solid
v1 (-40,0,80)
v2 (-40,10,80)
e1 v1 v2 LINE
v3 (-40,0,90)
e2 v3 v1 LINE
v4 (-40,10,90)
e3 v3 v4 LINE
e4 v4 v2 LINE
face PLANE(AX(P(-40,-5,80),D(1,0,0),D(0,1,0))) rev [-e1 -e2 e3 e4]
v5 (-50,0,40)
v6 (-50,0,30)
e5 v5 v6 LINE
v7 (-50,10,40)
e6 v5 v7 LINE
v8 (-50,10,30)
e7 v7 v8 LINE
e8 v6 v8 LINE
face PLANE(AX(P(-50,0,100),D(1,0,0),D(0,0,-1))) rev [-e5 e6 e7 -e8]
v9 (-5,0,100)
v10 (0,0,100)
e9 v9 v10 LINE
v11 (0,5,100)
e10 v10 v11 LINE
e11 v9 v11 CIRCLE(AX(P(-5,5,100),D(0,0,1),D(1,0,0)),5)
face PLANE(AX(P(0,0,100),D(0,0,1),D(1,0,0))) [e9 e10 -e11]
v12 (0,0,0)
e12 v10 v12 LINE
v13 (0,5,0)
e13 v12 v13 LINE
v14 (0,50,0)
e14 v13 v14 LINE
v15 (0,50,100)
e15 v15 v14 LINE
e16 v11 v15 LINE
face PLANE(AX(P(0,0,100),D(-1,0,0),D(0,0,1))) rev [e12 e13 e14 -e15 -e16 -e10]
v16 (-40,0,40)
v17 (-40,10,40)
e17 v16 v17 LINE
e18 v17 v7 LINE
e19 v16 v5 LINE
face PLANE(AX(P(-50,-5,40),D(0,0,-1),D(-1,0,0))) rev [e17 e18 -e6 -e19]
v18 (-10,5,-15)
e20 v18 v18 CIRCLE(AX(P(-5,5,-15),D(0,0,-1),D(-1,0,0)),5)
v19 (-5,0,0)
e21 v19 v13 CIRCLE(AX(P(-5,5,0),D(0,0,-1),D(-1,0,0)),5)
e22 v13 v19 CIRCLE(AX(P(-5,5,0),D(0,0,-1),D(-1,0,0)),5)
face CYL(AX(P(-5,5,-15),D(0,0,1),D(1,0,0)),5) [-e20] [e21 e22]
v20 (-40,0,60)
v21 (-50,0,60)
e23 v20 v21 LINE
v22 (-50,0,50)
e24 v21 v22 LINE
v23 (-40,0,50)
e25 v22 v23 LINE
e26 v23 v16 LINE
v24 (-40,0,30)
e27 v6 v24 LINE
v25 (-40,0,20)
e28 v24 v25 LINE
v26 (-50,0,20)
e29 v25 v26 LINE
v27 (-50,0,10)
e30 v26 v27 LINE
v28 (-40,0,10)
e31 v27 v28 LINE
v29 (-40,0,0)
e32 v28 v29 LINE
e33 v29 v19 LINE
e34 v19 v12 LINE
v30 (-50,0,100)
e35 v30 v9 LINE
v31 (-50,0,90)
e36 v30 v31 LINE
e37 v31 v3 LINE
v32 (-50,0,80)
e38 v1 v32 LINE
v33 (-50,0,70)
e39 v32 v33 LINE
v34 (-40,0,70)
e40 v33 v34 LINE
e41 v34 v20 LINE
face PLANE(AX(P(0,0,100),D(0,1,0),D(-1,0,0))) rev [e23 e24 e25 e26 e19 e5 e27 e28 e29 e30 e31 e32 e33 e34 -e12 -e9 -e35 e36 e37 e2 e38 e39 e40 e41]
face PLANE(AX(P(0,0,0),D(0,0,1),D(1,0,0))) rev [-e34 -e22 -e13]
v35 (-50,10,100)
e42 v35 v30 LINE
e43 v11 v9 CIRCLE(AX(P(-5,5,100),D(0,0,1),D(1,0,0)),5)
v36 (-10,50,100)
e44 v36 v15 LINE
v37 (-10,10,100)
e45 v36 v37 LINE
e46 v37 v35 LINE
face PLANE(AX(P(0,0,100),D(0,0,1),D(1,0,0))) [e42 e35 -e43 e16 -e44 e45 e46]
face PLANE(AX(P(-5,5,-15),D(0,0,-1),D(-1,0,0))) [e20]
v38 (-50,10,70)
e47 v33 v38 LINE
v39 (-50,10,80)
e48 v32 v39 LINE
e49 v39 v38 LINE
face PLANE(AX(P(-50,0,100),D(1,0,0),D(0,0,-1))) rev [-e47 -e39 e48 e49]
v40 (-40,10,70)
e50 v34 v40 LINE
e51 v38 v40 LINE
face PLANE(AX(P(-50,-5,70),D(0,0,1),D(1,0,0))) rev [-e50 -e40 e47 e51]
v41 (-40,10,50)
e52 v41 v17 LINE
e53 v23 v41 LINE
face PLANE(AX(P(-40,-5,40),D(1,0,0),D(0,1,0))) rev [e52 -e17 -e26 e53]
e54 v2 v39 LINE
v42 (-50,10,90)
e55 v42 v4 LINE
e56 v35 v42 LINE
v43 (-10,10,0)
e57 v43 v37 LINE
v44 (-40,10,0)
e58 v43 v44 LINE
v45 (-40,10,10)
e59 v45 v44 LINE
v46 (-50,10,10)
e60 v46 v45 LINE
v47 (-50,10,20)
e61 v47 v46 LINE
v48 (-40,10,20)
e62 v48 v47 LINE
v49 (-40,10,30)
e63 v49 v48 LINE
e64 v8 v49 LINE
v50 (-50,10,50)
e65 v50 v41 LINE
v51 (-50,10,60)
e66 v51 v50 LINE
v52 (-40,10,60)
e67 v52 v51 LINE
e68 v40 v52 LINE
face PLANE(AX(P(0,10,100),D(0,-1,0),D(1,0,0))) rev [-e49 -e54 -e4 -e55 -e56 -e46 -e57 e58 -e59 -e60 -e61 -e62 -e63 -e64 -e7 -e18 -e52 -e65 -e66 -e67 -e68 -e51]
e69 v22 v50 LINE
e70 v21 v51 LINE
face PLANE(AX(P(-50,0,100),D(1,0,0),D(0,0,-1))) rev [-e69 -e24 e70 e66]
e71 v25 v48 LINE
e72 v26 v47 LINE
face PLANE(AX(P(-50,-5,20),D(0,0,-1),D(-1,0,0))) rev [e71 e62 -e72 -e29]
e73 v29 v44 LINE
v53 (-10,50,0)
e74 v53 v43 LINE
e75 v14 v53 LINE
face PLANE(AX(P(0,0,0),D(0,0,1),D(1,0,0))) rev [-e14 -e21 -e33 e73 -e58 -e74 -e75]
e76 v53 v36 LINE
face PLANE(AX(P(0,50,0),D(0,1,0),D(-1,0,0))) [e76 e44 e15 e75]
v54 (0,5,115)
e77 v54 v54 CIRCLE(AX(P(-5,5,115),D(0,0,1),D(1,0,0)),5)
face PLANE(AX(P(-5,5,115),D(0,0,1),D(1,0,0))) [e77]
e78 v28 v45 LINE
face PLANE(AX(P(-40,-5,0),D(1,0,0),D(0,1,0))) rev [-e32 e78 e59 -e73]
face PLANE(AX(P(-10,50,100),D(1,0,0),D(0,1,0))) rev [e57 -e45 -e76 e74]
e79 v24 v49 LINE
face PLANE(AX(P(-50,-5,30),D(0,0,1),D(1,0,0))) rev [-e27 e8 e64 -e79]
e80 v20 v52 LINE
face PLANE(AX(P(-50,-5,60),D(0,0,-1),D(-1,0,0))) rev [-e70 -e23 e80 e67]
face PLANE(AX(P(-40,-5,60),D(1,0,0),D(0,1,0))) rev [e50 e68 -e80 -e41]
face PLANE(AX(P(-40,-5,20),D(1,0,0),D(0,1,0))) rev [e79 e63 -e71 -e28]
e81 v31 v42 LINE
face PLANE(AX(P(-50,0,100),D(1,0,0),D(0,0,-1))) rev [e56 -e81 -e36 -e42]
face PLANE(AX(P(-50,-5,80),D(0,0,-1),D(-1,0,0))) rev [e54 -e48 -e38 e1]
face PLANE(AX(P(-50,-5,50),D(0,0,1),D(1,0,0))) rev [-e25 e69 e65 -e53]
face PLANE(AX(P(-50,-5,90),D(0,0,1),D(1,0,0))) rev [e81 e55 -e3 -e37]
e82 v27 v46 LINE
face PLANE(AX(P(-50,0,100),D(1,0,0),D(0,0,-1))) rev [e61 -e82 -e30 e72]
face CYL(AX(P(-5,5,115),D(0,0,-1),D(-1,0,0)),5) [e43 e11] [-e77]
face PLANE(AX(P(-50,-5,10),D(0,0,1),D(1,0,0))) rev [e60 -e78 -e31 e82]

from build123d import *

# Parameters (mm, degrees)
ESQUISSE1_W                = 50
ESQUISSE1_H                = 10
BOSS_EXTRU_1_DEPTH         = 100
ESQUISSE2_R                = 5
BOSS_EXTRU_2_DEPTH         = 15
ESQUISSE3_R                = 5
BOSS_EXTRU_3_DEPTH         = 15
ESQUISSE4_W                = 10
ESQUISSE4_H                = 10
ENL_V_MAT_EXTRU_1_DEPTH    = 15
R_P_TITION_LIN_AIRE1_COUNT = 5
R_P_TITION_LIN_AIRE1_PITCH = 20
ESQUISSE5_W                = 10
ESQUISSE5_H                = 100
BOSS_EXTRU_4_DEPTH         = 40


with BuildPart() as part:
    # Esquisse1 → Boss.-Extru.1 (new body)
    with BuildSketch(Plane.XY):
        with Locations((-25, 5)):
            Rectangle(ESQUISSE1_W, ESQUISSE1_H)
    extrude(amount=BOSS_EXTRU_1_DEPTH)

    # Esquisse2 → Boss.-Extru.2 (add)
    with BuildSketch(Plane.XY.offset(100)):
        with Locations((-5, 5)):
            Circle(ESQUISSE2_R)
    extrude(amount=BOSS_EXTRU_2_DEPTH)

    # Esquisse3 → Boss.-Extru.3 (add)
    with BuildSketch(Plane(origin=(0, 0, 0), x_dir=(-1, 0, 0), z_dir=(0, 0, -1))):
        with Locations((5, 5)):
            Circle(ESQUISSE3_R)
    extrude(amount=BOSS_EXTRU_3_DEPTH)

    # Esquisse4 → Enlèv. mat.-Extru.1 (cut)
    with BuildSketch(Plane(origin=(0, 10, 0), x_dir=(1, 0, 0), z_dir=(0, 1, 0))):
        with Locations((-45, -5)):
            Rectangle(ESQUISSE4_W, ESQUISSE4_H)
    enl_v_mat_extru_1 = extrude(amount=-ENL_V_MAT_EXTRU_1_DEPTH, mode=Mode.SUBTRACT)

    # Répétition linéaire1: Enlèv. mat.-Extru.1 ×5
    with Locations(*[(0, 0, i * R_P_TITION_LIN_AIRE1_PITCH) for i in range(1, R_P_TITION_LIN_AIRE1_COUNT)]):
        add(enl_v_mat_extru_1, mode=Mode.SUBTRACT)

    # Esquisse5 → Boss.-Extru.4 (add)
    with BuildSketch(Plane(origin=(0, 10, 0), x_dir=(1, 0, 0), z_dir=(0, 1, 0))):
        with Locations((-5, -50)):
            Rectangle(ESQUISSE5_W, ESQUISSE5_H)
    extrude(amount=BOSS_EXTRU_4_DEPTH)


solid = part.part
